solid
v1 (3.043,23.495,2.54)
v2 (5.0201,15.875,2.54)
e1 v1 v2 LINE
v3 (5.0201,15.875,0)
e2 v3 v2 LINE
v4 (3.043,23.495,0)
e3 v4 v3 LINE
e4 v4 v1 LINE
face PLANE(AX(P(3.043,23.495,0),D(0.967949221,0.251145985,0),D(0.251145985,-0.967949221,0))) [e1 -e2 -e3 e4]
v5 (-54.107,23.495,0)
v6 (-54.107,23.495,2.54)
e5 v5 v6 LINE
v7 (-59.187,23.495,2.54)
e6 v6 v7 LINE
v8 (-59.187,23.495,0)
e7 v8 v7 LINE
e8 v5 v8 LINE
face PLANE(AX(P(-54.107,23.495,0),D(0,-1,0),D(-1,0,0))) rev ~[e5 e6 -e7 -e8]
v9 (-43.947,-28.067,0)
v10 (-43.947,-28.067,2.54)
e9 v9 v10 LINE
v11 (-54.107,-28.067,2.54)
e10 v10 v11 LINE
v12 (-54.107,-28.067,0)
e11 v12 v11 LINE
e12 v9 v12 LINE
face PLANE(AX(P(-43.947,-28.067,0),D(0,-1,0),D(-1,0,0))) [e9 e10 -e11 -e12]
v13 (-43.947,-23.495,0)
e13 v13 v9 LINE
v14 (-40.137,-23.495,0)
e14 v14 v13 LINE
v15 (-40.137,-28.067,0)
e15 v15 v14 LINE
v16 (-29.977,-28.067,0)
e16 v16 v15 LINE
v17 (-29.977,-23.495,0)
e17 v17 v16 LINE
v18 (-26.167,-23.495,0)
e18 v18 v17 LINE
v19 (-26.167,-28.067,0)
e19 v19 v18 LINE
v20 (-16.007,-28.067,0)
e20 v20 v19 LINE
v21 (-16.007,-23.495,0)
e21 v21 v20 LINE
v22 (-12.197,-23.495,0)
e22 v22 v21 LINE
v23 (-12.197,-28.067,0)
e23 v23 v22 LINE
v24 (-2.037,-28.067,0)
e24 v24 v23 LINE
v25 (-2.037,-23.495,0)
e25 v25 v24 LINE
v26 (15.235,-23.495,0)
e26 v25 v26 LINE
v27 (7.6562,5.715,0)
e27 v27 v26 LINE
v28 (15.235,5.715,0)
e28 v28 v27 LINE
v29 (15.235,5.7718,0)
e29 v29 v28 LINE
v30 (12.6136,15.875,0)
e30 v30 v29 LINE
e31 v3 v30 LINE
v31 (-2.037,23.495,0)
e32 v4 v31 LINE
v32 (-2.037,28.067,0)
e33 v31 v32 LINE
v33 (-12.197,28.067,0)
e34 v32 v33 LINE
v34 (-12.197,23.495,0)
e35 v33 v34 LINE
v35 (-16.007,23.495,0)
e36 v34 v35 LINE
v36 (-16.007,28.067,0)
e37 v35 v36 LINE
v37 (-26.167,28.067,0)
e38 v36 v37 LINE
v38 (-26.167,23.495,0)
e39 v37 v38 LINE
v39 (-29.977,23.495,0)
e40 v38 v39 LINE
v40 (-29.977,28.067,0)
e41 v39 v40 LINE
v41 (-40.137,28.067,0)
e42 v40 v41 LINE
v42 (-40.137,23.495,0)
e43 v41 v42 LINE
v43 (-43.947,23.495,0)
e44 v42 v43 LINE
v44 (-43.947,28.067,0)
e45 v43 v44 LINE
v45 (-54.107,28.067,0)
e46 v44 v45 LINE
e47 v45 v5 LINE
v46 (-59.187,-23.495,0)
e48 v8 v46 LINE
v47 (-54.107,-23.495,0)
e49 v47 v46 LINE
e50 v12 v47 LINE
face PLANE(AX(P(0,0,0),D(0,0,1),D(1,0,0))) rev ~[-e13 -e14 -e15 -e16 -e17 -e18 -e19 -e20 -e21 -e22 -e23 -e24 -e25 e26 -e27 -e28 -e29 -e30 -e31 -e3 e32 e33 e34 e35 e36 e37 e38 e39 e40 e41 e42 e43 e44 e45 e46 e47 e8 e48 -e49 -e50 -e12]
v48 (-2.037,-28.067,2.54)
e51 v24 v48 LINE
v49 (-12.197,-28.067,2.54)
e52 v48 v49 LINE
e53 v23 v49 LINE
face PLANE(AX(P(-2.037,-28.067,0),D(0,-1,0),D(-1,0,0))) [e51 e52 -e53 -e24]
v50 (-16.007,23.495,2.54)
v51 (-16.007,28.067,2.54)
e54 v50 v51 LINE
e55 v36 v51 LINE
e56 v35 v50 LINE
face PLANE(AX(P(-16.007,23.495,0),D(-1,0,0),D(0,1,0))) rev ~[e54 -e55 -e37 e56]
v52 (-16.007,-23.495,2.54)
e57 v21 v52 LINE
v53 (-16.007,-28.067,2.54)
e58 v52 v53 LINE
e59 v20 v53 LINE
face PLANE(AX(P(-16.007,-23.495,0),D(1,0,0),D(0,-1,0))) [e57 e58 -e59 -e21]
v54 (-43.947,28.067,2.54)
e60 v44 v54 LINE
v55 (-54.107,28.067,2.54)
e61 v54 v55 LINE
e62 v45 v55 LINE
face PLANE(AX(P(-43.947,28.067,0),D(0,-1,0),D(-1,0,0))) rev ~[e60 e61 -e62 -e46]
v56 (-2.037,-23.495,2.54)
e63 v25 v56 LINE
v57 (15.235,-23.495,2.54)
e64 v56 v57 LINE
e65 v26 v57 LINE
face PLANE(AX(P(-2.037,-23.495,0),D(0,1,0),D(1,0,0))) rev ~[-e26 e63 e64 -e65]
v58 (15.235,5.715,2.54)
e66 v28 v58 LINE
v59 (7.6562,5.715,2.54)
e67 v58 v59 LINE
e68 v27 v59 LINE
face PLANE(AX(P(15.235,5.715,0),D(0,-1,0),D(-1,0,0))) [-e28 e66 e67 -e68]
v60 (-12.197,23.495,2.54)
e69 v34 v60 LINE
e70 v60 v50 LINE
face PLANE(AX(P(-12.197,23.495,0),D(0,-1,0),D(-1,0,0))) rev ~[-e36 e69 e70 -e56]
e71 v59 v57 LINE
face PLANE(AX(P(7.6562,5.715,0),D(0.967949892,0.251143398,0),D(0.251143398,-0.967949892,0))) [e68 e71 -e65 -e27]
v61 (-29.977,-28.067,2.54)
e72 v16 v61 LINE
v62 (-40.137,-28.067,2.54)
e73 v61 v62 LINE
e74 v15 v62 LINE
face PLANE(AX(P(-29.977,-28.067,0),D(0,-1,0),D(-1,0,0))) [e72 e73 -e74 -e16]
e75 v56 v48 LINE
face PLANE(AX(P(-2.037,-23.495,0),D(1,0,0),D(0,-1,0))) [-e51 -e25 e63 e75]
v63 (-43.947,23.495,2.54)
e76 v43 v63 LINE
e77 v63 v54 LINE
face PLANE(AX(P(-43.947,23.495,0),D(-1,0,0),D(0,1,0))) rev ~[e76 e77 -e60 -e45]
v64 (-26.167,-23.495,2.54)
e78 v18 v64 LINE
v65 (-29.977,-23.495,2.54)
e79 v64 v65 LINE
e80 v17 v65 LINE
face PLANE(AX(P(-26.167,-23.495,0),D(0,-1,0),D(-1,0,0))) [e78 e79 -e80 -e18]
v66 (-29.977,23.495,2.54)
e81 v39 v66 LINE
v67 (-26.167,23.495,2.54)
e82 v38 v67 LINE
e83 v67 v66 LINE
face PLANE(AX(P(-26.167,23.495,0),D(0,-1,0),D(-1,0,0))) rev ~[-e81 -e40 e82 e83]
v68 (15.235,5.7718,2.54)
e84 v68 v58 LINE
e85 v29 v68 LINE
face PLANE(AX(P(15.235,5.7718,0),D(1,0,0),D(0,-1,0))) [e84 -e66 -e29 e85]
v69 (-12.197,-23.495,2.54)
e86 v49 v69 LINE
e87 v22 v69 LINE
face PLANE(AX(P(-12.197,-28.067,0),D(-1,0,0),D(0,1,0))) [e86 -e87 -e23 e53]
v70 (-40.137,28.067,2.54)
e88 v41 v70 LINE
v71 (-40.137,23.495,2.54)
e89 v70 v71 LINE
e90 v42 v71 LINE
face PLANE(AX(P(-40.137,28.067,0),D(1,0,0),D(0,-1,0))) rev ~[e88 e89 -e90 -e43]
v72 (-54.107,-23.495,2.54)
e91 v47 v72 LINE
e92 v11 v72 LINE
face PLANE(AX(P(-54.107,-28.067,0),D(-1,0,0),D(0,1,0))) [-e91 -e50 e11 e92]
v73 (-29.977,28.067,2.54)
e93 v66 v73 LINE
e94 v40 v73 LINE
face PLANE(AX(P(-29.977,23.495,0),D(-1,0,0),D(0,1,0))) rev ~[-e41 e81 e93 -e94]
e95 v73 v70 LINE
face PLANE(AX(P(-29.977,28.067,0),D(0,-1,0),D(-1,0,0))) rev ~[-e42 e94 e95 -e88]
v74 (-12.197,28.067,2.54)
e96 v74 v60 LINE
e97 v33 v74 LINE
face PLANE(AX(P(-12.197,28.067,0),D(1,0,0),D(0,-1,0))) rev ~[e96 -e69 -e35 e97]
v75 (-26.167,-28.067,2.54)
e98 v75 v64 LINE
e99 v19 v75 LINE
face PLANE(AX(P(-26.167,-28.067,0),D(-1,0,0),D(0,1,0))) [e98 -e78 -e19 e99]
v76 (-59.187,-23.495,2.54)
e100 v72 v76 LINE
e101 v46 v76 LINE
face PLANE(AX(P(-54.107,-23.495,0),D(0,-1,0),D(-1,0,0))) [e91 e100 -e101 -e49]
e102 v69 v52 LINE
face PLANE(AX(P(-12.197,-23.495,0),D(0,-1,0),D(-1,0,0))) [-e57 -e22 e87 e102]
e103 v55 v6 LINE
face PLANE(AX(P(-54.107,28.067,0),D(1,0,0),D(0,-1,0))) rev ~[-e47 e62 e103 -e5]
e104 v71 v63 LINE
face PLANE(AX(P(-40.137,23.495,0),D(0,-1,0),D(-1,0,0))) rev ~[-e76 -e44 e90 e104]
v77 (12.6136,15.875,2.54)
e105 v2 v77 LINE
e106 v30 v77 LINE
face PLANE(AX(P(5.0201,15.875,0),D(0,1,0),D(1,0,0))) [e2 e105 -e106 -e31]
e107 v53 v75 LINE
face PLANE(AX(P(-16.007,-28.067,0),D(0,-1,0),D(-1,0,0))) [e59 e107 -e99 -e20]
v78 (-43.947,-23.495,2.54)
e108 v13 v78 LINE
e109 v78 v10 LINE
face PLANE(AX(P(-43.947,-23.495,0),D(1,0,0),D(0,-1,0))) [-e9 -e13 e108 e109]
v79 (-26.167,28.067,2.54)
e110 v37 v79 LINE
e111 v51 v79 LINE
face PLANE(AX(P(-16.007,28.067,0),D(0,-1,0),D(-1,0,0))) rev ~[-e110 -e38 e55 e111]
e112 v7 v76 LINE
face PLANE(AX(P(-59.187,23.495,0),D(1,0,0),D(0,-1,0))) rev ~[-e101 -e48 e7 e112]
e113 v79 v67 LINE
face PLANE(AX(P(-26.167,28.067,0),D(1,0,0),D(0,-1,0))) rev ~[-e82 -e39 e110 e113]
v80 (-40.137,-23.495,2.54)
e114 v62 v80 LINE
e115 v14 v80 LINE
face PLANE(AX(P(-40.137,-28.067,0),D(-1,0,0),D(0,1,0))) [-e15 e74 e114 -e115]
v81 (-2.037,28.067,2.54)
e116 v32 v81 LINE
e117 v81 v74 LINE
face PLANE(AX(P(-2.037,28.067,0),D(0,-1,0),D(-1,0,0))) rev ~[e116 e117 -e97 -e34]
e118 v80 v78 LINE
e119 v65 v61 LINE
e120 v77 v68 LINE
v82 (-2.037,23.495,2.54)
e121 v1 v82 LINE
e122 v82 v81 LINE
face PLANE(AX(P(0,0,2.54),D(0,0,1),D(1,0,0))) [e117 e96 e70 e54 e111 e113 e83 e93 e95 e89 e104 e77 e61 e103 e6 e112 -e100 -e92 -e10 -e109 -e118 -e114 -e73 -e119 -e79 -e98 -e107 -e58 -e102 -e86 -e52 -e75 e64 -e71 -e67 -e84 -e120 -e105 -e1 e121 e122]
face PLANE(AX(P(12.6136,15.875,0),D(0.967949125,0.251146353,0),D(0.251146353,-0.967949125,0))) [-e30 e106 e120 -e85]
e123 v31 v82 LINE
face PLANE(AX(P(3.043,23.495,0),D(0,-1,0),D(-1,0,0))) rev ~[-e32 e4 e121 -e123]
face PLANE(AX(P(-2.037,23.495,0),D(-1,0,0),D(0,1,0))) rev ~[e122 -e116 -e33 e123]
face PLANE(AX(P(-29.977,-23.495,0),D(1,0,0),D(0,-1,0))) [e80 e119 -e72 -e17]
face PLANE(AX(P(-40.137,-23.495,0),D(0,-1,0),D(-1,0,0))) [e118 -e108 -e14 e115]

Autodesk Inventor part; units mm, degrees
ref_plane "YZ Plane" through (0, 0, 0) normal (1, 0, 0) x (0, 1, 0)
ref_plane "XZ Plane" through (0, 0, 0) normal (0, 1, 0) x (-1, 0, 0)
ref_plane "XY Plane" through (0, 0, 0) normal (0, 0, 1) x (1, 0, 0)
sketch "Sketch1" plane through (0, 0, 0) normal (0, 0, 1) x (1, 0, 0)
  line L0 (-2.037, -23.495) -> (-2.037, -28.067)
  line L1 (-2.037, -28.067) -> (-12.197, -28.067)
  line L2 (-12.197, -28.067) -> (-12.197, -23.495)
  line L3 (-12.197, -23.495) -> (-16.007, -23.495)
  line L4 (-16.007, -23.495) -> (-16.007, -28.067)
  line L5 (-16.007, -28.067) -> (-26.167, -28.067)
  line L6 (-26.167, -28.067) -> (-26.167, -23.495)
  line L7 (-26.167, -23.495) -> (-29.977, -23.495)
  line L8 (-29.977, -23.495) -> (-29.977, -28.067)
  line L9 (-29.977, -28.067) -> (-40.137, -28.067)
  line L10 (-40.137, -28.067) -> (-40.137, -23.495)
  line L11 (-40.137, -23.495) -> (-43.947, -23.495)
  line L12 (-43.947, -23.495) -> (-43.947, -28.067)
  line L13 (-43.947, -28.067) -> (-54.107, -28.067)
  line L14 (-54.107, -28.067) -> (-54.107, -23.495)
  line L15 (-54.107, -23.495) -> (-59.187, -23.495)
  line L16 (3.043, 23.495) -> (-2.037, 23.495)
  line L17 (-2.037, 23.495) -> (-2.037, 28.067)
  line L18 (-2.037, 28.067) -> (-12.197, 28.067)
  line L19 (-12.197, 28.067) -> (-12.197, 23.495)
  line L20 (-12.197, 23.495) -> (-16.007, 23.495)
  line L21 (-16.007, 23.495) -> (-16.007, 28.067)
  line L22 (-16.007, 28.067) -> (-26.167, 28.067)
  line L23 (-26.167, 28.067) -> (-26.167, 23.495)
  line L24 (-26.167, 23.495) -> (-29.977, 23.495)
  line L25 (-29.977, 23.495) -> (-29.977, 28.067)
  line L26 (-29.977, 28.067) -> (-40.137, 28.067)
  line L27 (-40.137, 28.067) -> (-40.137, 23.495)
  line L28 (-40.137, 23.495) -> (-43.947, 23.495)
  line L29 (-43.947, 23.495) -> (-43.947, 28.067)
  line L30 (-43.947, 28.067) -> (-54.107, 28.067)
  line L31 (-54.107, 28.067) -> (-54.107, 23.495)
  line L32 (-54.107, 23.495) -> (-59.187, 23.495)
  line L33 (-59.187, 23.495) -> (-59.187, -23.495)
  line L34 (15.235, 5.7718) -> (15.235, 5.715)
  line L35 (15.235, 5.715) -> (7.6562, 5.715)
  line L36 (12.6136, 15.875) -> (15.235, 5.7718)
  line L37 (3.043, 23.495) -> (5.0201, 15.875)
  line L38 (7.6562, 5.715) -> (15.235, -23.495)
  line L39 (5.0201, 15.875) -> (12.6136, 15.875)
  line L40 (-2.037, -23.495) -> (15.235, -23.495)
  dimension "d11" = 4.572
  dimension "d12" = 10.16
  dimension "d13" = 3.81
  dimension "d14" = 10.16
  dimension "d15" = 3.81
  dimension "d16" = 10.16
  dimension "d17" = 3.81
  dimension "d18" = 10.16
  dimension "d19" = 5.08
  dimension "d34" = 4.572
  dimension "d84" = 7.62
  dimension "d85" = 29.21
  dimension "d86" = 10.1032
extrude "Extrusion4" add sketch "Sketch1" along normal blind 2.54
properties part number "RTS Frame Sides"
